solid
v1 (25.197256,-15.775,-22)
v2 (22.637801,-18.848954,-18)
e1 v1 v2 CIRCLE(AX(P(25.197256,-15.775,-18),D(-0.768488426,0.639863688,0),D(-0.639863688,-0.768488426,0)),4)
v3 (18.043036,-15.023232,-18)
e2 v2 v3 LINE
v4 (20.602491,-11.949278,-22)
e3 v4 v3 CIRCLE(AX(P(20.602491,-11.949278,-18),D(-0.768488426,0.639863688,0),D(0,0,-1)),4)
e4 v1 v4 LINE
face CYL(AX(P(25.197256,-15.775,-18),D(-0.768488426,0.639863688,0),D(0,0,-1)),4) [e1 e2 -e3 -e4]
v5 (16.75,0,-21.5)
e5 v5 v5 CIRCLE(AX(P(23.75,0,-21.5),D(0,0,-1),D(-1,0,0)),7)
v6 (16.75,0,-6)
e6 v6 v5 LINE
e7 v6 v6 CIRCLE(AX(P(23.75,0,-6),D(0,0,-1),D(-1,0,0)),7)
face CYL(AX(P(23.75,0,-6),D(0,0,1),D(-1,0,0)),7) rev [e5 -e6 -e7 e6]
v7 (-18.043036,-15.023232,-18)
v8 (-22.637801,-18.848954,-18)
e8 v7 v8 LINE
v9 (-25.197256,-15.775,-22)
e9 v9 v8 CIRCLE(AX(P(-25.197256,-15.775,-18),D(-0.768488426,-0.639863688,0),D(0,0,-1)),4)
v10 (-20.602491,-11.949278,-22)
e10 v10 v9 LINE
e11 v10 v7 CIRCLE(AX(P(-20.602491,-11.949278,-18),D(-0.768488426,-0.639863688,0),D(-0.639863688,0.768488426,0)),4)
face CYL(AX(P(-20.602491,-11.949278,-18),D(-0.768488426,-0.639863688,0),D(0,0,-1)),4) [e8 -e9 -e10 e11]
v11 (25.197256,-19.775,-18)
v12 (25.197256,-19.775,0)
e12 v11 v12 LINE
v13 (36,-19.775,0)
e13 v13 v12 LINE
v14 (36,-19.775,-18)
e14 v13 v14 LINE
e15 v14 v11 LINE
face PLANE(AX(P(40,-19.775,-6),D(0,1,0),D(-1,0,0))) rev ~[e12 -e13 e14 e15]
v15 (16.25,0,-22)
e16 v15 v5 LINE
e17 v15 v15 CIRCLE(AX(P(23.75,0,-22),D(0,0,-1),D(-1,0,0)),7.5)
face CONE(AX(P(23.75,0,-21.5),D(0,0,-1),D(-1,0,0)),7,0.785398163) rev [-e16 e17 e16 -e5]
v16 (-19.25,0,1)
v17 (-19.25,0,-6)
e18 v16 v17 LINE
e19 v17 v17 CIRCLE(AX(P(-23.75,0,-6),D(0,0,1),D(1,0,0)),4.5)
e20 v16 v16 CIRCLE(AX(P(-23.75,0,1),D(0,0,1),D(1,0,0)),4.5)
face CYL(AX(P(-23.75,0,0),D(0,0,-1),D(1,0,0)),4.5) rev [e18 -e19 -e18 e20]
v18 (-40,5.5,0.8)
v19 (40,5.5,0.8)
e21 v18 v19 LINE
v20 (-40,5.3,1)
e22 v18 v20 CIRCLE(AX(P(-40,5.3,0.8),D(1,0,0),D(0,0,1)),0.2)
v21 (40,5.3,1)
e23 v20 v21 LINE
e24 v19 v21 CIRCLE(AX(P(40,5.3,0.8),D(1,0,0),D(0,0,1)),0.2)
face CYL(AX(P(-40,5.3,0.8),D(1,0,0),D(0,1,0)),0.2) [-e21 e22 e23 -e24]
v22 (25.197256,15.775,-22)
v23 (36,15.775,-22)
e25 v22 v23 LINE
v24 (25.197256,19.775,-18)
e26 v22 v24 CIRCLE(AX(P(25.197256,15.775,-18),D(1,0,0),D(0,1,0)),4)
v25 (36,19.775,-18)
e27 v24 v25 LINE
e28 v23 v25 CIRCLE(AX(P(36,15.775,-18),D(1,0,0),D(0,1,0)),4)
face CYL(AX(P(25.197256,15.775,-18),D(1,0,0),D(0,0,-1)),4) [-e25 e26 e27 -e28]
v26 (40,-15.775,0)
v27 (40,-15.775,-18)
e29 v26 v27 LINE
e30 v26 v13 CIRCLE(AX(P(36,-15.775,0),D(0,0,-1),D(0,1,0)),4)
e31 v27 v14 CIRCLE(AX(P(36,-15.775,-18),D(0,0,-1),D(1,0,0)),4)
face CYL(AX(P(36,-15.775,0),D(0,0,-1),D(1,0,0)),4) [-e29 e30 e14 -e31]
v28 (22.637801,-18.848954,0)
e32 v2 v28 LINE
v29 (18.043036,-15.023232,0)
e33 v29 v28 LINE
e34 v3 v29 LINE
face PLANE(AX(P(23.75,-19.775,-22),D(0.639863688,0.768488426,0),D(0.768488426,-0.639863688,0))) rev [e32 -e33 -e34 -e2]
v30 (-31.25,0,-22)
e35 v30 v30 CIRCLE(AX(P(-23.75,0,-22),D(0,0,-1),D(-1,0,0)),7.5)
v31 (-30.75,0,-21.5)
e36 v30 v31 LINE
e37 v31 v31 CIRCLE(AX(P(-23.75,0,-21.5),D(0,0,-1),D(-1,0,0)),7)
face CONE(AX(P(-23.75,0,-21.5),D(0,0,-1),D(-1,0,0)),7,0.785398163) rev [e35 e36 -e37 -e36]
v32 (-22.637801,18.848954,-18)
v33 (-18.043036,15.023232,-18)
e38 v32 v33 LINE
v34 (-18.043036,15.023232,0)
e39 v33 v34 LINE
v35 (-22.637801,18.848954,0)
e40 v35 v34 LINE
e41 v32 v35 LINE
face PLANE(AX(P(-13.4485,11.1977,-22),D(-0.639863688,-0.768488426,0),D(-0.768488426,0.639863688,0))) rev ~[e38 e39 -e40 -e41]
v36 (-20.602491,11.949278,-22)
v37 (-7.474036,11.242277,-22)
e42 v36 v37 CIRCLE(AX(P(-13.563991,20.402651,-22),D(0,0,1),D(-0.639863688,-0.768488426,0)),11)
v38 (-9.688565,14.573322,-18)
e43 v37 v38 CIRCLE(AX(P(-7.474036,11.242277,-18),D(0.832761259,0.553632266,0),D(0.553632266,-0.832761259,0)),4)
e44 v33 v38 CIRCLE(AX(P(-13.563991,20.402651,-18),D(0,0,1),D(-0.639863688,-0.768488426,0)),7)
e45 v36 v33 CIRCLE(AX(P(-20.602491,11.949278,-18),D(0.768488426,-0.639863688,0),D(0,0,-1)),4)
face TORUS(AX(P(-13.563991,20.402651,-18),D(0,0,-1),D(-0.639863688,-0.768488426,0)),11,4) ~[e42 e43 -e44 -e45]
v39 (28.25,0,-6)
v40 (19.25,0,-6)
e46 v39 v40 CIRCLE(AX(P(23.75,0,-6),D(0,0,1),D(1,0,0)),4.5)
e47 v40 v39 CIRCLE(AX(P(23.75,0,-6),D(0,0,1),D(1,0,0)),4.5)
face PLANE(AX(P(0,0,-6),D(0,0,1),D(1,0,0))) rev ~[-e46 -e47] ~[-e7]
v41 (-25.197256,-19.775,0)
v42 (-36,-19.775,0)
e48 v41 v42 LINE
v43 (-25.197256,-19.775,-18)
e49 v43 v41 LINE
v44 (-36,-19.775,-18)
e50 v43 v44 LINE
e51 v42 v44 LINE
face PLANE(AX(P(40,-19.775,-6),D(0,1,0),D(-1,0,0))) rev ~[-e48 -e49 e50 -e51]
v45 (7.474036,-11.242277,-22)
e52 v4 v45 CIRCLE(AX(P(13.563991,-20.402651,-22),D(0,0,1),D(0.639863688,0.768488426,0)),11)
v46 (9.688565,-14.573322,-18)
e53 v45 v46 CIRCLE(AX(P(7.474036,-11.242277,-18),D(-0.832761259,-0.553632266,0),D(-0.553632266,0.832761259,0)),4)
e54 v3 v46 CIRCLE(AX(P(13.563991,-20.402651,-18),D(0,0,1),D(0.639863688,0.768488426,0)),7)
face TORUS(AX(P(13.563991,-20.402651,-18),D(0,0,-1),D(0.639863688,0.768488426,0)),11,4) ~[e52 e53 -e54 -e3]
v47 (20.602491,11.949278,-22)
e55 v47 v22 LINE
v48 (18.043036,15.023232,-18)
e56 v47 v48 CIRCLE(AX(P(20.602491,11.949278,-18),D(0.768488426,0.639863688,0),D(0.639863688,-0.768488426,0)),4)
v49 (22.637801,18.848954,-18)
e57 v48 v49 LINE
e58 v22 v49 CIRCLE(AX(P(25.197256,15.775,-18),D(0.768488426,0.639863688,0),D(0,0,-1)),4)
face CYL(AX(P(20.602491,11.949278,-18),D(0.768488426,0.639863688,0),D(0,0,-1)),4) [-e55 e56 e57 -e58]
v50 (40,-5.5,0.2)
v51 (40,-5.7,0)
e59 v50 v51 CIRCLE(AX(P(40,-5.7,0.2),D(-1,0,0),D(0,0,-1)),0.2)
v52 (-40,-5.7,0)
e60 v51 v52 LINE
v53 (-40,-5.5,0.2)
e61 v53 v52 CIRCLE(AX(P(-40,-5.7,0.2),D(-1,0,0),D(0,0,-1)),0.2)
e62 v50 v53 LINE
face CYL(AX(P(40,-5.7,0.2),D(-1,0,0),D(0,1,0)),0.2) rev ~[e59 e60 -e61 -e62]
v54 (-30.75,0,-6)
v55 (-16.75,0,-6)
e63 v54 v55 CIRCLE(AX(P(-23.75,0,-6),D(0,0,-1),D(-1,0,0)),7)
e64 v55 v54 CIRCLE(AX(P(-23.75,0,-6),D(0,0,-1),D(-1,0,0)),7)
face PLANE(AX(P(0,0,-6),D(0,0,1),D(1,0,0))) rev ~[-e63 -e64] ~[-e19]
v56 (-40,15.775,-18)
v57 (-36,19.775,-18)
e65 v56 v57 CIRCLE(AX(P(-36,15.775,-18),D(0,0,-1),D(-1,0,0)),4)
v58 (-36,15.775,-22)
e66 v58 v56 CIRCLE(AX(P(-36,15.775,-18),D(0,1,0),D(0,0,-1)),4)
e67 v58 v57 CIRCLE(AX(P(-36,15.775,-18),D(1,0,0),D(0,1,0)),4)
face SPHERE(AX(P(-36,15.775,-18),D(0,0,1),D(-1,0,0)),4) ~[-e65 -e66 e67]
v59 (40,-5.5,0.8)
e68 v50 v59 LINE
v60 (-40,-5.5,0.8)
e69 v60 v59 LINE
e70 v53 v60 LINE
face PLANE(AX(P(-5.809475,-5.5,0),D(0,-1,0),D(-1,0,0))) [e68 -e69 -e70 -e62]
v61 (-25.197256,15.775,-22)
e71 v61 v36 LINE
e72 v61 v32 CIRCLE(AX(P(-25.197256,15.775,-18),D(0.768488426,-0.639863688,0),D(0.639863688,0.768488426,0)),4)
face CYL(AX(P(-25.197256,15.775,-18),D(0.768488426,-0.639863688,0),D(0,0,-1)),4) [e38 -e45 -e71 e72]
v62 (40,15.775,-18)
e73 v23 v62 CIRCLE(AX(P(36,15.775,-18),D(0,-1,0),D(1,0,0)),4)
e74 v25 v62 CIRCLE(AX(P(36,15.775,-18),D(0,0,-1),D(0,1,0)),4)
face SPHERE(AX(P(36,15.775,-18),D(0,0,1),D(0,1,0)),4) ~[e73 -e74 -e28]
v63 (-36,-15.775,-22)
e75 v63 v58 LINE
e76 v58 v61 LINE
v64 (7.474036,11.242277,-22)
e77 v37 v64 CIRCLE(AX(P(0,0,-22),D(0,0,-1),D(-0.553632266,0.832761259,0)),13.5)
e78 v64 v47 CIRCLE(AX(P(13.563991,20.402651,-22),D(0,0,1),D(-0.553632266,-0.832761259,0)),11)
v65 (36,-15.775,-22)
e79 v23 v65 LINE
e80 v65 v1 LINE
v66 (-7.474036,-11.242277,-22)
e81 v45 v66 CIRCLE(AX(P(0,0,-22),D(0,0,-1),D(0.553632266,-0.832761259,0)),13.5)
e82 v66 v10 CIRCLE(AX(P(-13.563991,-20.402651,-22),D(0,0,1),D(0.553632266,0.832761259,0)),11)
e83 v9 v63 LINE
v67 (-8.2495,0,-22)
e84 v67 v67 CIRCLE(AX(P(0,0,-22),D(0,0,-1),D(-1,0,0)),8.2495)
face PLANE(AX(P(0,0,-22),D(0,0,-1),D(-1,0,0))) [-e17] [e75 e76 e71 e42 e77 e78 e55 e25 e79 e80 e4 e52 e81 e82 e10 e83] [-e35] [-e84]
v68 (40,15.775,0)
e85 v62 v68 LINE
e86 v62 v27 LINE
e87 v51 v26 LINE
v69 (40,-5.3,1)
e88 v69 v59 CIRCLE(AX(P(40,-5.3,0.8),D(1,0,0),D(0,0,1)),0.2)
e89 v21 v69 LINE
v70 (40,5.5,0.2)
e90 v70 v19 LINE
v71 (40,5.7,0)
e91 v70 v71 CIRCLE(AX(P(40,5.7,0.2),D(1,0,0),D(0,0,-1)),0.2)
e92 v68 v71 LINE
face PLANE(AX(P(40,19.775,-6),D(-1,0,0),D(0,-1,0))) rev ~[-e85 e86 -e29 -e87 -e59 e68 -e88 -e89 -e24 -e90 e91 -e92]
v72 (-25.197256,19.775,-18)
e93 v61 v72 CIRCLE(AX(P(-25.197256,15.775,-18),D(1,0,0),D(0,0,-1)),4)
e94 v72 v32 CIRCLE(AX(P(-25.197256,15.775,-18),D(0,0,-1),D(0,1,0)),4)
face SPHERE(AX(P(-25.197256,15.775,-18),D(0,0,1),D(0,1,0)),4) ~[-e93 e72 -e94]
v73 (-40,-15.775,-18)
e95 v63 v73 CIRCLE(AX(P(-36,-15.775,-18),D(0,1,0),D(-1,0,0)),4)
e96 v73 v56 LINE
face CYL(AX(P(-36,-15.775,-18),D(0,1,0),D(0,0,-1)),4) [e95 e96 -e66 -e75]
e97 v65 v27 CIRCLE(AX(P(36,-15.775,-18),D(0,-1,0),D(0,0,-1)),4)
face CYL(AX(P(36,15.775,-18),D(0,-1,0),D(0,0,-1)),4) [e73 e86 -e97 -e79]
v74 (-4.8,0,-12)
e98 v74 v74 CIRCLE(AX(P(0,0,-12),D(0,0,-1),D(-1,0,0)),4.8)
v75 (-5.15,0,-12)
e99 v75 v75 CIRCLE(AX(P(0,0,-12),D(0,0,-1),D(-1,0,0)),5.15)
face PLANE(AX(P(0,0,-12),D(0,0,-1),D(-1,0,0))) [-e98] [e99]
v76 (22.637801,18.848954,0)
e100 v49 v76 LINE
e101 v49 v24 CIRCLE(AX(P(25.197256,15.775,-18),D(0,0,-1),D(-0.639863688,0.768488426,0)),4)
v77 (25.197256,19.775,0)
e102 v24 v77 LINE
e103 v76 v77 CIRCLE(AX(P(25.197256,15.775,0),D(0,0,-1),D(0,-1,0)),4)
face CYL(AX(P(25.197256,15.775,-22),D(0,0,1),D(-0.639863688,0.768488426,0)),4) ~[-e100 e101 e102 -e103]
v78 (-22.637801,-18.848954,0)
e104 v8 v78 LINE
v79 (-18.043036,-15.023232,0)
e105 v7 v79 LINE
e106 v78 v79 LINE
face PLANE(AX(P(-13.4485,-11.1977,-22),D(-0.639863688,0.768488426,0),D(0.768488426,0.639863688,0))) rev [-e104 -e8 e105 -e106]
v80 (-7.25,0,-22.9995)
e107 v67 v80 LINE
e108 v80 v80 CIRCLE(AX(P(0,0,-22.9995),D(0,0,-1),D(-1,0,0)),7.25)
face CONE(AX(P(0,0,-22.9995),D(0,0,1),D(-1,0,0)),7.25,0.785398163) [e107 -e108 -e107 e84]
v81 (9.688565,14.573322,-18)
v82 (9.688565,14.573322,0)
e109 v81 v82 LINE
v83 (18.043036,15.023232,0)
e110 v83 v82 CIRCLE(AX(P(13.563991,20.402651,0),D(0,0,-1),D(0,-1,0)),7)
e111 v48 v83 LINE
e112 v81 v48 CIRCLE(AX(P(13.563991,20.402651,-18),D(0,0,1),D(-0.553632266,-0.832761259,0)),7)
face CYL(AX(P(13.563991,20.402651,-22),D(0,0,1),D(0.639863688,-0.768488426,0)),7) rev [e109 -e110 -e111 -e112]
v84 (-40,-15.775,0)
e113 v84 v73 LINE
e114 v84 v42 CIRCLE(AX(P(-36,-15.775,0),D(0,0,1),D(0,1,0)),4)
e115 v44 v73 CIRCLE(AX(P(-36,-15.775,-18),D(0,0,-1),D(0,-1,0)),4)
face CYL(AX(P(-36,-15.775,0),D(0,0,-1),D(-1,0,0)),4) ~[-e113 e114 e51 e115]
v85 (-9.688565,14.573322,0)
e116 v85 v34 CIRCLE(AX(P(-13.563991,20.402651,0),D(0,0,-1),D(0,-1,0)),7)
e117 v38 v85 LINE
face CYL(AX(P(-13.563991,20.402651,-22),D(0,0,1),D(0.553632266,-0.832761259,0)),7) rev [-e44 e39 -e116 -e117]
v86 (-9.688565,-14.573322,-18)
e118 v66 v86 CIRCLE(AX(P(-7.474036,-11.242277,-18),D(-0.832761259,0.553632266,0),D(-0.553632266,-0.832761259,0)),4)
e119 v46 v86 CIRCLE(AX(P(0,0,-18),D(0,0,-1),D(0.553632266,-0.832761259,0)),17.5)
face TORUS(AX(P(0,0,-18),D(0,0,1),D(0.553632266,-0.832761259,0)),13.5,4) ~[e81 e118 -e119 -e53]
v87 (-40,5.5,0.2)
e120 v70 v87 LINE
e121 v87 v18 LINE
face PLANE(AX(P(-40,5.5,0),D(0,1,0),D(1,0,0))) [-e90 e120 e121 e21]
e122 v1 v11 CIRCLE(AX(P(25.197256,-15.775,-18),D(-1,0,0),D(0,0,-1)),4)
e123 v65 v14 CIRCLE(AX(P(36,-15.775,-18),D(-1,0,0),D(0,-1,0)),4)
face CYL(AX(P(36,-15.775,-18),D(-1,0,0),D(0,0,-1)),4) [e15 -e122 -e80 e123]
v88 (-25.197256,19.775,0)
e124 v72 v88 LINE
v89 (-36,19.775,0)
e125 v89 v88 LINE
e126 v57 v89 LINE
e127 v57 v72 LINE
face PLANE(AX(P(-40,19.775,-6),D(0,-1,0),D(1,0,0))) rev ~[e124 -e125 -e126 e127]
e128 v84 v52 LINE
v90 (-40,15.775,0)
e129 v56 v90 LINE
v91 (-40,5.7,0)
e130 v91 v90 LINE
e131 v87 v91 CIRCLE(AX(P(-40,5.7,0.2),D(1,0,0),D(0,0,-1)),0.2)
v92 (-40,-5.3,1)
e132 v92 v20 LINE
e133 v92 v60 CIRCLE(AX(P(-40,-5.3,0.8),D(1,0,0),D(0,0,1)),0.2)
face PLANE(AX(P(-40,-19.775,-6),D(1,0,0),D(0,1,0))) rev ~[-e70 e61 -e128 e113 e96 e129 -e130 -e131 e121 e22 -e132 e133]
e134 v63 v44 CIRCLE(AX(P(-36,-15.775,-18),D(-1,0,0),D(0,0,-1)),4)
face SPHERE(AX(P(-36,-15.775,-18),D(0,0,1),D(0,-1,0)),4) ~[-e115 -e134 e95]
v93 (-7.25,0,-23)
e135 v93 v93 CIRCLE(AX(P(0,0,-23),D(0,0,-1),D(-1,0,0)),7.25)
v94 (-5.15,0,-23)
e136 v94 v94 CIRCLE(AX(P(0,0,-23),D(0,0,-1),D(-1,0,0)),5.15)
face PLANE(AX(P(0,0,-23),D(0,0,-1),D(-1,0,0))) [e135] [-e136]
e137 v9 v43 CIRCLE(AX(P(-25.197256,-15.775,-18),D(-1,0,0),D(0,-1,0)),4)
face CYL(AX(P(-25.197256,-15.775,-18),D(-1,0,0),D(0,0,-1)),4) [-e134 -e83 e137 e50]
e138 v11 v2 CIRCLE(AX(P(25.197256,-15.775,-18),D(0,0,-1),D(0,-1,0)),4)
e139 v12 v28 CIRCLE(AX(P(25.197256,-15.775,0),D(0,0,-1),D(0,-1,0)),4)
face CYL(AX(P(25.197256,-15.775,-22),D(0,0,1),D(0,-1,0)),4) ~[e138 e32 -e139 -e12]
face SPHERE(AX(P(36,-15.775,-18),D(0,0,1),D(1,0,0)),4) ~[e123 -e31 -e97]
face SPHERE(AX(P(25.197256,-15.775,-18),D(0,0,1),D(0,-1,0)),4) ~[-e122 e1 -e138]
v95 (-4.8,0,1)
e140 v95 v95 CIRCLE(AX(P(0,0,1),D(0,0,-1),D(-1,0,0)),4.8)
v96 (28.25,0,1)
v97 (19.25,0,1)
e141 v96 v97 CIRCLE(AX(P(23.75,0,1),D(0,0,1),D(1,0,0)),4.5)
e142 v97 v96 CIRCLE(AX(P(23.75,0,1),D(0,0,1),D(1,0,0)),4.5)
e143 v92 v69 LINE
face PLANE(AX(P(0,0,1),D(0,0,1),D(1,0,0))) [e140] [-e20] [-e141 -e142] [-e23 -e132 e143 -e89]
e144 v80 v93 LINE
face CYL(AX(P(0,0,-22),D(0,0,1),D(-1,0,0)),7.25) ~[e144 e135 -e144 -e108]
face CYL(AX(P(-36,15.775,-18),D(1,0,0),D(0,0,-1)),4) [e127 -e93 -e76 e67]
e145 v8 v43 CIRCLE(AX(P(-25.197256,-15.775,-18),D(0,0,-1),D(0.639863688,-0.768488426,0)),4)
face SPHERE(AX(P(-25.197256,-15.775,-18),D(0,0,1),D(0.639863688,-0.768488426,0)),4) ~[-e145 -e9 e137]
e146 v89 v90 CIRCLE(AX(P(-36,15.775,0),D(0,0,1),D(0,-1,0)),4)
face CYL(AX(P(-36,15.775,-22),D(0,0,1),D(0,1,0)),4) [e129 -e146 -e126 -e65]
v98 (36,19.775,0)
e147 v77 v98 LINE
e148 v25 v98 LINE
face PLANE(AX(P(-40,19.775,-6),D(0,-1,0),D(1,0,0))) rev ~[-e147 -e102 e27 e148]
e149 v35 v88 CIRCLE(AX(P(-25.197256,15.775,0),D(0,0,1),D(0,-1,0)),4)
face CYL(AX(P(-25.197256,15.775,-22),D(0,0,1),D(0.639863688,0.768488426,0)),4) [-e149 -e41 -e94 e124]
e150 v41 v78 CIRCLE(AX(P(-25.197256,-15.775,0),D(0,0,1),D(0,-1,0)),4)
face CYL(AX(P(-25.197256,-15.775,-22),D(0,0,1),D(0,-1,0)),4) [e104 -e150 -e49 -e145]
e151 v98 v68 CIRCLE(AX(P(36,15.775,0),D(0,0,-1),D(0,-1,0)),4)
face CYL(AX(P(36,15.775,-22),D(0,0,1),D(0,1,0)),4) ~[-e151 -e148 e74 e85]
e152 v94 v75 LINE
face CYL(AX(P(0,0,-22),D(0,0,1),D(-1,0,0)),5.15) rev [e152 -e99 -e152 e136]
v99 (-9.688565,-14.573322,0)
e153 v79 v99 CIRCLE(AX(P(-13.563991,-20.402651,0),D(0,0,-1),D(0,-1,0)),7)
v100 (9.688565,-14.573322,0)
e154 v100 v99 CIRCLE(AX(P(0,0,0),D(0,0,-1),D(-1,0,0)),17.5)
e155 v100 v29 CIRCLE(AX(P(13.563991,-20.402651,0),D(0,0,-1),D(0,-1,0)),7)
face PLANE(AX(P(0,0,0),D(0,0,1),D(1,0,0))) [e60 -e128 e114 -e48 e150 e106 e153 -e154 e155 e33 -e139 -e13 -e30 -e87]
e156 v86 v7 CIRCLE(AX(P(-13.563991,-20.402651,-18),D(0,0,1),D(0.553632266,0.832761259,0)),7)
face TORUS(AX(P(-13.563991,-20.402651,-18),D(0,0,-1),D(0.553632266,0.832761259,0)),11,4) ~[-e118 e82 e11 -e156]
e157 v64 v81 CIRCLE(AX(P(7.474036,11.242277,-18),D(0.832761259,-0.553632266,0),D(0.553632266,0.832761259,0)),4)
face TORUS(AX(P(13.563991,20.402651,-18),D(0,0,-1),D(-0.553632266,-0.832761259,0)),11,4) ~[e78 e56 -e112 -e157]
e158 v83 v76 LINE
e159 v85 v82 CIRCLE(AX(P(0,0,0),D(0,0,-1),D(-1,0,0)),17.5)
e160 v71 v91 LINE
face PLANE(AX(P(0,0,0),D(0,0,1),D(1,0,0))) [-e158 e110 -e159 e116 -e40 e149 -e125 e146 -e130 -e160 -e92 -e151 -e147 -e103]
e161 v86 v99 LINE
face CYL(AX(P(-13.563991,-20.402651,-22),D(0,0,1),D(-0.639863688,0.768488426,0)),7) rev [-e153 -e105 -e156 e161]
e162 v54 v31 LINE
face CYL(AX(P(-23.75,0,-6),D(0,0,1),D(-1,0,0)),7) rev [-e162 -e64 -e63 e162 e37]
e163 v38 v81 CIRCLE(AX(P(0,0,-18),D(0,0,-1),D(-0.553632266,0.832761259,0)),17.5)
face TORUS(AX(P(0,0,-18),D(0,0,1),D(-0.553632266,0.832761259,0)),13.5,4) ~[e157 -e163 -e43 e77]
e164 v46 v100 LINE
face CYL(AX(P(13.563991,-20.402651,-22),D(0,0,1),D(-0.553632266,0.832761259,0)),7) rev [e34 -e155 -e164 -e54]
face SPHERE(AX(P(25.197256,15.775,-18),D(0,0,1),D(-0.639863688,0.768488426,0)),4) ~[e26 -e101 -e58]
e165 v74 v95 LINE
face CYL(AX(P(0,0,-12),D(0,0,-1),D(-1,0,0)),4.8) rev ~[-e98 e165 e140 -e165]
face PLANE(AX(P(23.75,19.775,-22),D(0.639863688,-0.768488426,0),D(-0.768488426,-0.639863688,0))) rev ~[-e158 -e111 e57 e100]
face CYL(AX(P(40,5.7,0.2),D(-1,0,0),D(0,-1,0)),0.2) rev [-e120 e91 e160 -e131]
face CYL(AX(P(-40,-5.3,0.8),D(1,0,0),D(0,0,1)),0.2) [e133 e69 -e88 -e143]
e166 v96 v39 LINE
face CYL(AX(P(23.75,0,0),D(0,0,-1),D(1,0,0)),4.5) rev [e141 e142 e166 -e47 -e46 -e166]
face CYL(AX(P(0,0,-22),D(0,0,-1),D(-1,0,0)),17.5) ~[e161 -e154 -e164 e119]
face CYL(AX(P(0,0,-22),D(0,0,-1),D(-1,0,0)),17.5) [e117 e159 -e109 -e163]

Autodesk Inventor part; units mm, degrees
ref_plane "YZ Plane" through (0, 0, 0) normal (1, 0, 0) x (0, 1, 0)
ref_plane "XZ Plane" through (0, 0, 0) normal (0, 1, 0) x (-1, 0, 0)
ref_plane "XY Plane" through (0, 0, 0) normal (0, 0, 1) x (1, 0, 0)
sketch "Sketch1" plane through (0, 0, 0) normal (0, 0, 1) x (1, 0, 0)
  line L0 (-40, 19.775) -> (40, 19.775)
  line L1 (40, 19.775) -> (40, -19.775)
  line L2 (40, -19.775) -> (-40, -19.775)
  line L3 (-40, -19.775) -> (-40, 19.775)
  line L4 (-40, 19.775) -> (40, -19.775) construction
  line L5 (40, 19.775) -> (-40, -19.775) construction
  line L6 (40, -5.5) -> (-40, -5.5)
  line L7 (-40, -5.5) -> (-40, 5.5)
  line L8 (-40, 5.5) -> (40, 5.5)
  line L9 (40, 5.5) -> (40, -5.5)
  line L10 (40, -5.5) -> (-40, 5.5) construction
  line L11 (-40, -5.5) -> (40, 5.5) construction
  line L12 (23.75, 0) -> (-23.75, 0)
  circle A0 centre (-23.75, 0) radius 4.5
  circle A1 centre (23.75, 0) radius 4.5
  circle A2 centre (0, 0) radius 8
  point P0 (-40, 5.5)
  point P1 (-40, -5.5)
  point P2 (40, -5.5)
  point P3 (-5.8095, -5.5)
  point P4 (5.8095, -5.5)
  point P5 (5.8095, 5.5)
  point P6 (-5.8095, 5.5)
  dimension "d0" = 80
  dimension "d1" = 39.55
  dimension "d3" = 11
  dimension "d9" = 80
  dimension "d10" = 47.5
  dimension "d11" = 9
  dimension "d12" = 9
  dimension "d13" = 19.775
  dimension "d14" = 14.275
  dimension "d15" = 16
extrude "Extrusion1" add sketch "Sketch1" along normal blind 1 contours L8 A2 L6 L3 | L1 L6 A2 L8 | L8 A2 L12 | A2 L12 L6
extrude "Extrusion2" add sketch "Sketch1" against normal blind 6
fillet "Fillet1" radius 0.2 4 edges at (0, 5.5, 0) (0, 5.5, 1) (0, -5.5, 1) (0, -5.5, 0)
sketch "Sketch2" plane through (0, 0, -6) normal (0, 0, -1) x (-1, 0, 0)
  circle A0 centre (23.75, 0) radius 4.5 projected
  circle A1 centre (-23.75, 0) radius 4.5 projected
  circle A2 centre (23.75, 0) radius 7
  circle A3 centre (-23.75, 0) radius 7
  line L0 (-40, -19.775) -> (40, -19.775) projected
  line L1 (-40, 19.775) -> (-40, -19.775) projected
  line L2 (40, 19.775) -> (-40, 19.775) projected
  line L3 (40, -19.775) -> (40, 19.775) projected
  point P0 (0, 0)
  dimension "d16" = 14
  dimension "d17" = 14
extrude "Extrusion3" add sketch "Sketch2" along normal blind 16 contours L1 L2 L3 L0
sketch "Sketch3" plane through (0, 0, -22) normal (0, 0, -1) x (-1, 0, 0)
  circle A0 centre (0, 0) radius 5.15
  dimension "d21" = 10.3
extrude "Extrusion4" cut sketch "Sketch3" against normal blind 10
sketch "Sketch4" plane through (0, 0, -22) normal (0, 0, -1) x (-1, 0, 0)
  circle A0 centre (0, 0) radius 5.15 projected
  circle A1 centre (0, 0) radius 7.25
  dimension "d24" = 14.5
extrude "Extrusion5" add sketch "Sketch4" along normal blind 1
chamfer "Chamfer1" distance 1 distance2 1 1 edges at (7.25, 0, -22) measured on face at (-0.2913, -15.5824, -22)
sketch "Sketch5" plane through (0, 0, -12) normal (0, 0, -1) x (-1, 0, 0)
  circle A0 centre (0, 0) radius 4.8
  dimension "d30" = 9.6
extrude "Extrusion6" cut sketch "Sketch5" against normal blind 20
sketch "Sketch6" plane through (0, 0, -22) normal (0, 0, -1) x (-1, 0, 0)
  circle A0 centre (0, 0) radius 17.5
  circle A1 centre (23.75, 0) radius 7 projected
  circle A2 centre (-23.75, 0) radius 7 projected
  line L0 (40, -19.775) -> (40, 19.775) projected
  line L1 (40, 19.775) -> (-40, 19.775) projected
  line L2 (-40, 19.775) -> (-40, -19.775) projected
  line L3 (-40, -19.775) -> (40, -19.775) projected
  circle A3 centre (0, 0) radius 8.25 projected
  line L4 (-23.75, 0) -> (-23.75, 19.775)
  line L5 (13.4485, 11.1977) -> (23.75, 19.775)
  line L6 (-40, 19.775) -> (40, 19.775) projected
  line L7 (-23.75, 19.775) -> (-13.4485, 11.1977)
  dimension "d33" = 35
extrude "Extrusion7" cut sketch "Sketch6" against normal through all contours A0 L7 L1 L5
mirror "Mirror1" about plane through (0, 0, 0) normal (0, 1, 0) of "Extrusion7"
fillet "Fillet3" radius 7 4 edges at (13.4485, 11.1977, -11) (-13.4485, 11.1977, -11) (13.4485, -11.1977, -11) (-13.4485, -11.1977, -11)
fillet "Fillet4" radius 4 8 edges at (23.75, -19.775, -11) (40, -19.775, -11) (40, 19.775, -11) (23.75, 19.775, -11) (-23.75, 19.775, -11) (-40, 19.775, -11) (-40, -19.775, -11) (-23.75, -19.775, -11)
fillet "Fillet5" radius 4 24 edges at (38.8284, 18.6034, -22) (40, 0, -22) (38.8284, -18.6034, -22) (30.5986, -19.775, -22) (23.8363, -19.5364, -22) (20.3404, -16.9361, -22) (13.9404, -13.4128, -22) (0, -17.5, -22) (-13.9404, -13.4128, -22) (-20.3404, -16.9361, -22) (-23.8363, -19.5364, -22) (-30.5986, -19.775, -22) (-38.8284, -18.6034, -22) (-40, 0, -22) (-38.8284, 18.6034, -22) (-30.5986, 19.775, -22) (-23.8363, 19.5364, -22) (-20.3404, 16.9361, -22) (-13.9404, 13.4128, -22) (0, 17.5, -22) (13.9404, 13.4128, -22) (20.3404, 16.9361, -22) (23.8363, 19.5364, -22) (30.5986, 19.775, -22)
chamfer "Chamfer2" distance 0.5 angle 45 2 edges at (-16.75, 0, -22) (30.75, 0, -22)
equation "\"d9\" = d0"
properties part number "Base_Mount_Pedals"
